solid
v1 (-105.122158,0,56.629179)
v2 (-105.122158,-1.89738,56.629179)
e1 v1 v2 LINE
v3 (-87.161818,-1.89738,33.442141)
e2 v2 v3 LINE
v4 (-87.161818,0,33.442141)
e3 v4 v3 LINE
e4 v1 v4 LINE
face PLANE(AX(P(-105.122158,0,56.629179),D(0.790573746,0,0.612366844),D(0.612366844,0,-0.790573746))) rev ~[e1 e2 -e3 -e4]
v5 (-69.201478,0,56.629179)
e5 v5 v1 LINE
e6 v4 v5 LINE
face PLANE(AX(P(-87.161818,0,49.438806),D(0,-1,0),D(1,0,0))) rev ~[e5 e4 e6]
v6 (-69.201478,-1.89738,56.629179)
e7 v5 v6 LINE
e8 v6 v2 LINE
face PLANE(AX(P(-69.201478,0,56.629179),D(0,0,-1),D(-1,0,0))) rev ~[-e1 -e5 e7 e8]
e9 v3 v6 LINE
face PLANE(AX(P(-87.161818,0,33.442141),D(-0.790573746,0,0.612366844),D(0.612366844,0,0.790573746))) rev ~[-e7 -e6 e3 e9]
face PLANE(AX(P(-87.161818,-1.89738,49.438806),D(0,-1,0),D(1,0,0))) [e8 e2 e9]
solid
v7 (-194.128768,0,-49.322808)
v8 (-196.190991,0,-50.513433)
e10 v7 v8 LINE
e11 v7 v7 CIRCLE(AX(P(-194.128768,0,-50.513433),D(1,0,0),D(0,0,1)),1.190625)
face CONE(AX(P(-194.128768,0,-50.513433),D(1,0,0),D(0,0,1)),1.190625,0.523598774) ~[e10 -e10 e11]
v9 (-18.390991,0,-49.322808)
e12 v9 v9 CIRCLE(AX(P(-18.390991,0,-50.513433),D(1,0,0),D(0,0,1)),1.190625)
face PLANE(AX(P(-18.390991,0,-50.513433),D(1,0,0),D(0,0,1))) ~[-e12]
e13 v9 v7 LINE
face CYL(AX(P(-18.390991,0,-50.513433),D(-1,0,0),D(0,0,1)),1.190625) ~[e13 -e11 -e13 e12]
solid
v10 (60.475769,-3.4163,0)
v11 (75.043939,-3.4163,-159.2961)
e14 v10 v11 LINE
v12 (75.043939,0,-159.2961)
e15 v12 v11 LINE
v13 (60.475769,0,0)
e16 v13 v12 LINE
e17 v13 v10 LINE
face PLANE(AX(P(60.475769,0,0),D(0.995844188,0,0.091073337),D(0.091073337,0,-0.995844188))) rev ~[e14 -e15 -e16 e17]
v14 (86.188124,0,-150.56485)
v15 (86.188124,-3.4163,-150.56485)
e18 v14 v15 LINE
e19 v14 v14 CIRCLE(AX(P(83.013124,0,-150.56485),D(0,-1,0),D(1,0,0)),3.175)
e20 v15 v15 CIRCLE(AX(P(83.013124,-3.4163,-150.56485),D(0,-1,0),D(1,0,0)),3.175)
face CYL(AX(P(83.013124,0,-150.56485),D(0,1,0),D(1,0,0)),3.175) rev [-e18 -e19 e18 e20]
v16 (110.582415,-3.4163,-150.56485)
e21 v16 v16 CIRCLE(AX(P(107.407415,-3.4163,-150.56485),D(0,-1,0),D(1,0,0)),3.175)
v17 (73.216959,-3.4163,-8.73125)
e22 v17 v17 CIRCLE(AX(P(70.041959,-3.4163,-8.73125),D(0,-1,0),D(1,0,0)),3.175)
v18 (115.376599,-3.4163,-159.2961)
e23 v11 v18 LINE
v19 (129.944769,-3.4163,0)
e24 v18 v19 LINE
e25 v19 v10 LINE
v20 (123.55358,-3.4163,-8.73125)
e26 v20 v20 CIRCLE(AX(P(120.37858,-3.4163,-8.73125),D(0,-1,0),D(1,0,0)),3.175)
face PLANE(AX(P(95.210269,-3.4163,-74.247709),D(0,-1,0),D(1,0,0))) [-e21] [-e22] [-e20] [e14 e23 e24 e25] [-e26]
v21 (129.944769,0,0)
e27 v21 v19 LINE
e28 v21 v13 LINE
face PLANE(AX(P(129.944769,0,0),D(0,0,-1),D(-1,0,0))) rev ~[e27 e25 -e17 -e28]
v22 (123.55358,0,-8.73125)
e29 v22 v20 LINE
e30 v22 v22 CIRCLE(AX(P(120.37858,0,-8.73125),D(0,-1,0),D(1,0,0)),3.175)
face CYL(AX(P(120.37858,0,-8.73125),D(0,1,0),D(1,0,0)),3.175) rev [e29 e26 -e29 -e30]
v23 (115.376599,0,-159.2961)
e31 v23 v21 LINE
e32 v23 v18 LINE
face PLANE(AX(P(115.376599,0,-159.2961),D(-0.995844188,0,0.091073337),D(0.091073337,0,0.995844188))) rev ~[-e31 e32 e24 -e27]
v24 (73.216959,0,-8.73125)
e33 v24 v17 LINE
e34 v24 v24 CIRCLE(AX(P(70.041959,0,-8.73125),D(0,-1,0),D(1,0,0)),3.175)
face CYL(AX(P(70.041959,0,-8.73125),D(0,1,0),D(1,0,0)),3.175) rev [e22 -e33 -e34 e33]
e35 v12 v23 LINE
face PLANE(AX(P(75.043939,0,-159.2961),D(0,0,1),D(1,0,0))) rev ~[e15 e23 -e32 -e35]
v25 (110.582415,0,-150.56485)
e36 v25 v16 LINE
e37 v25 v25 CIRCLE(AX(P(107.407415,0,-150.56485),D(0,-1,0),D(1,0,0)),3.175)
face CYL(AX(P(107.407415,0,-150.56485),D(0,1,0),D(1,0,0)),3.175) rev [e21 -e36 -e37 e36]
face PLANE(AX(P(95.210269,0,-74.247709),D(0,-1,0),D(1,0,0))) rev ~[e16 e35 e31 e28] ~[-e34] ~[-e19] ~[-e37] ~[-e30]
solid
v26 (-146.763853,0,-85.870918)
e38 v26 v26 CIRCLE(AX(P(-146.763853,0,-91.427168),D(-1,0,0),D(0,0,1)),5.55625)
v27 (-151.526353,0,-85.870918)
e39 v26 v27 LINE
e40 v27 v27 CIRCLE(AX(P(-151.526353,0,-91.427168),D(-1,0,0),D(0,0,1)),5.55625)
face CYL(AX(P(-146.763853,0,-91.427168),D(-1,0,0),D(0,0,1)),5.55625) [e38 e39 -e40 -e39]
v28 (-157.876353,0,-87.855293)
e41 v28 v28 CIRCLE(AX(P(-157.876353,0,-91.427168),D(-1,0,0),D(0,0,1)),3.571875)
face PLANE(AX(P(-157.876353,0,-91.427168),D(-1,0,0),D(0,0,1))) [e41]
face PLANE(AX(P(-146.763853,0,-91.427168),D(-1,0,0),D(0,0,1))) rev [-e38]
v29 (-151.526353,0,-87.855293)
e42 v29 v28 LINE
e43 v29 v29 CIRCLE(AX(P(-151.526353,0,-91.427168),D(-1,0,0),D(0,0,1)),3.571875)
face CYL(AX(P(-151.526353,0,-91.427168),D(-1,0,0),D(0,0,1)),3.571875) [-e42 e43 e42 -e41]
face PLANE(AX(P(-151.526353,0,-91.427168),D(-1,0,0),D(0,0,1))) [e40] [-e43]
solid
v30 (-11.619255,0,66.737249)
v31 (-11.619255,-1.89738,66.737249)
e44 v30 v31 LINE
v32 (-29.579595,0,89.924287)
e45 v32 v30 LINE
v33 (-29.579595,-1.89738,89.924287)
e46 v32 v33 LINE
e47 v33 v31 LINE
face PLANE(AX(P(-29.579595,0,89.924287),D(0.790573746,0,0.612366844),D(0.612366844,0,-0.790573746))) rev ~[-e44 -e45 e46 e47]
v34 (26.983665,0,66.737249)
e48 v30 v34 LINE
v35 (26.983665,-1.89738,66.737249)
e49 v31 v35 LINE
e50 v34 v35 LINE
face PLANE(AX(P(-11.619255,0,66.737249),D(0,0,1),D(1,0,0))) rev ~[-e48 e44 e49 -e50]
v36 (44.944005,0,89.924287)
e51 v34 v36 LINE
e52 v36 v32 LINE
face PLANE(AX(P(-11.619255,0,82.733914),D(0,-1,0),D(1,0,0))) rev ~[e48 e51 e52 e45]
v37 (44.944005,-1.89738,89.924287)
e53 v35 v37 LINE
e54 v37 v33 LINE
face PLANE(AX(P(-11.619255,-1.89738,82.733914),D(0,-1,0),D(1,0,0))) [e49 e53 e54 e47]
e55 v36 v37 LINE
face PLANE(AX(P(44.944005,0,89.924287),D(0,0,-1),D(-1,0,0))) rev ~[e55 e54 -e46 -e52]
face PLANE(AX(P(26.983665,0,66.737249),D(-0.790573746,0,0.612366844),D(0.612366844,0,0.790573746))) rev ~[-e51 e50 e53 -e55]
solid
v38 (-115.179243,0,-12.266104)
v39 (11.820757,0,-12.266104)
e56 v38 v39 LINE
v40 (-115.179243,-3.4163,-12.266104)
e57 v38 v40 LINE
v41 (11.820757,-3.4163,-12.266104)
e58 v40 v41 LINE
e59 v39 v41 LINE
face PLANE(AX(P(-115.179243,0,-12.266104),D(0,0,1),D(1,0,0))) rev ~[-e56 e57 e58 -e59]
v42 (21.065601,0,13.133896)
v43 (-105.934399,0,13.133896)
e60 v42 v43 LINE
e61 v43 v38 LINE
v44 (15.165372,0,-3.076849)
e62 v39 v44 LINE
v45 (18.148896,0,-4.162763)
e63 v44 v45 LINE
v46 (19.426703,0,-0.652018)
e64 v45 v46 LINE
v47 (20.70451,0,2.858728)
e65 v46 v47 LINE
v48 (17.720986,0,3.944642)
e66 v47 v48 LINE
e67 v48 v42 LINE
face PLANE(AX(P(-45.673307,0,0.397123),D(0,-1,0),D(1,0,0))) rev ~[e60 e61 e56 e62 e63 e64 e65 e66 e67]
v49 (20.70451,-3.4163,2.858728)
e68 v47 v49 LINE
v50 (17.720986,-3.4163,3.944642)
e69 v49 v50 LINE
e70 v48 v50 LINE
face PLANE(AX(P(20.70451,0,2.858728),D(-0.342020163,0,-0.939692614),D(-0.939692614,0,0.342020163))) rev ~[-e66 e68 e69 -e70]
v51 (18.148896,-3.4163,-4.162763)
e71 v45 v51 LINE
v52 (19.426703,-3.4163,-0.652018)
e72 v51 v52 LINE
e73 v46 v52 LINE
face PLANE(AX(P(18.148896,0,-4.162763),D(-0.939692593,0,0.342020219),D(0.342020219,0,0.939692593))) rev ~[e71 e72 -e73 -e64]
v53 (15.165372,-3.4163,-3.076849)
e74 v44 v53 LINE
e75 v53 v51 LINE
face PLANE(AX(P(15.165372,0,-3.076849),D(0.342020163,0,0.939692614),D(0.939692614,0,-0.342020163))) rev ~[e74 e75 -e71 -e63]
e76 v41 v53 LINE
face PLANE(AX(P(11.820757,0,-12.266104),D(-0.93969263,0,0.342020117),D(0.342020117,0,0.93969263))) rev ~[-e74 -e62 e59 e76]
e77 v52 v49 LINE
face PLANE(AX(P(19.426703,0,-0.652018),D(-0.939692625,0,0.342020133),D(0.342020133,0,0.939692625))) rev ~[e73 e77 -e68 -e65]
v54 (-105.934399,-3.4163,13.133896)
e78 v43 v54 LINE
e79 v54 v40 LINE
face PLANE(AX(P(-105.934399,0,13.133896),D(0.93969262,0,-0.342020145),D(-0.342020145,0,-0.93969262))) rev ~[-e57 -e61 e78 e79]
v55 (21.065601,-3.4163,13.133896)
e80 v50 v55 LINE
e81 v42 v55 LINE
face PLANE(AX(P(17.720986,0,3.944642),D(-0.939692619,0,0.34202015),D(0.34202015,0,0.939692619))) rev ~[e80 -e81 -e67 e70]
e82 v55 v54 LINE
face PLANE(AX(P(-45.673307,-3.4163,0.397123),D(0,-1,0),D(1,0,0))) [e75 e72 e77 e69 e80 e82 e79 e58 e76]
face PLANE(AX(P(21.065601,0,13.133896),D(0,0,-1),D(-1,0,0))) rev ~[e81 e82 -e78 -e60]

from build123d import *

# Parameters (mm, degrees)
F1_DEPTH = 3.4163
F3_DEPTH = 1.89738
F5_DEPTH = 1.89738
F6_R     = 3.175
F7_DEPTH = 3.4163


with BuildPart() as f1:
    # F0 (on Front) → F1 (new body)
    with BuildSketch(Plane.XZ):
        Polygon((-115.179243, -12.266104), (11.820757, -12.266104), (15.165372, -3.076849), (18.148896, -4.162763), (19.426703, -0.652018), (20.70451, 2.858728), (17.720986, 3.944642), (21.065601, 13.133896), (-105.934399, 13.133896), align=None)
    extrude(amount=F1_DEPTH)


with BuildPart() as f3:
    # F2 (on Front) → F3 (new body)
    with BuildSketch(Plane.XZ):
        Polygon((-87.161818, 56.629179), (-105.122158, 56.629179), (-87.161818, 33.442141), (-69.201478, 56.629179), align=None)
    extrude(amount=F3_DEPTH)


with BuildPart() as f5:
    # F4 (on Front) → F5 (new body)
    with BuildSketch(Plane.XZ):
        Polygon((-11.619255, 89.924287), (-29.579595, 89.924287), (-11.619255, 66.737249), (6.341085, 89.924287), align=None)
        Polygon((6.341085, 89.924287), (-11.619255, 66.737249), (26.983665, 66.737249), (9.023325, 89.924287), align=None)
        Polygon((9.023325, 89.924287), (26.983665, 66.737249), (44.944005, 89.924287), (26.983665, 89.924287), align=None)
    extrude(amount=F5_DEPTH)


with BuildPart() as f7:
    # F6 (on Front) → F7 (new body)
    with BuildSketch(Plane.XZ):
        Polygon((75.043939, -159.2961), (95.210269, -159.2961), (115.376599, -159.2961), (129.944769, 0), (95.210269, 0), (60.475769, 0), align=None)
        with Locations((83.013124, -150.56485)):
            Circle(F6_R, mode=Mode.SUBTRACT)
        with Locations((107.407415, -150.56485)):
            Circle(F6_R, mode=Mode.SUBTRACT)
        with Locations((70.041959, -8.73125)):
            Circle(F6_R, mode=Mode.SUBTRACT)
        with Locations((120.37858, -8.73125)):
            Circle(F6_R, mode=Mode.SUBTRACT)
    extrude(amount=F7_DEPTH)


with BuildPart() as f9:
    # F8 (on Front) → F9 (revolve)
    with BuildSketch(Plane.XZ):
        Polygon((-151.526353, -87.855293), (-157.876353, -87.855293), (-157.876353, -91.427168), (-146.763853, -91.427168), (-146.763853, -85.870918), (-151.526353, -85.870918), align=None)
    revolve(axis=Axis((-152.320103, 0, -91.427168), (-1, 0, 0)))


with BuildPart() as f11:
    # F10 (on Front) → F11 (revolve)
    with BuildSketch(Plane.XZ):
        Polygon((-194.128768, -49.322808), (-196.190991, -50.513433), (-18.390991, -50.513433), (-18.390991, -49.322808), align=None)
    revolve(axis=Axis((-107.290991, 0, -50.513433), (1, 0, 0)))


solid = Compound([f1.part, f3.part, f5.part, f7.part, f9.part, f11.part])
